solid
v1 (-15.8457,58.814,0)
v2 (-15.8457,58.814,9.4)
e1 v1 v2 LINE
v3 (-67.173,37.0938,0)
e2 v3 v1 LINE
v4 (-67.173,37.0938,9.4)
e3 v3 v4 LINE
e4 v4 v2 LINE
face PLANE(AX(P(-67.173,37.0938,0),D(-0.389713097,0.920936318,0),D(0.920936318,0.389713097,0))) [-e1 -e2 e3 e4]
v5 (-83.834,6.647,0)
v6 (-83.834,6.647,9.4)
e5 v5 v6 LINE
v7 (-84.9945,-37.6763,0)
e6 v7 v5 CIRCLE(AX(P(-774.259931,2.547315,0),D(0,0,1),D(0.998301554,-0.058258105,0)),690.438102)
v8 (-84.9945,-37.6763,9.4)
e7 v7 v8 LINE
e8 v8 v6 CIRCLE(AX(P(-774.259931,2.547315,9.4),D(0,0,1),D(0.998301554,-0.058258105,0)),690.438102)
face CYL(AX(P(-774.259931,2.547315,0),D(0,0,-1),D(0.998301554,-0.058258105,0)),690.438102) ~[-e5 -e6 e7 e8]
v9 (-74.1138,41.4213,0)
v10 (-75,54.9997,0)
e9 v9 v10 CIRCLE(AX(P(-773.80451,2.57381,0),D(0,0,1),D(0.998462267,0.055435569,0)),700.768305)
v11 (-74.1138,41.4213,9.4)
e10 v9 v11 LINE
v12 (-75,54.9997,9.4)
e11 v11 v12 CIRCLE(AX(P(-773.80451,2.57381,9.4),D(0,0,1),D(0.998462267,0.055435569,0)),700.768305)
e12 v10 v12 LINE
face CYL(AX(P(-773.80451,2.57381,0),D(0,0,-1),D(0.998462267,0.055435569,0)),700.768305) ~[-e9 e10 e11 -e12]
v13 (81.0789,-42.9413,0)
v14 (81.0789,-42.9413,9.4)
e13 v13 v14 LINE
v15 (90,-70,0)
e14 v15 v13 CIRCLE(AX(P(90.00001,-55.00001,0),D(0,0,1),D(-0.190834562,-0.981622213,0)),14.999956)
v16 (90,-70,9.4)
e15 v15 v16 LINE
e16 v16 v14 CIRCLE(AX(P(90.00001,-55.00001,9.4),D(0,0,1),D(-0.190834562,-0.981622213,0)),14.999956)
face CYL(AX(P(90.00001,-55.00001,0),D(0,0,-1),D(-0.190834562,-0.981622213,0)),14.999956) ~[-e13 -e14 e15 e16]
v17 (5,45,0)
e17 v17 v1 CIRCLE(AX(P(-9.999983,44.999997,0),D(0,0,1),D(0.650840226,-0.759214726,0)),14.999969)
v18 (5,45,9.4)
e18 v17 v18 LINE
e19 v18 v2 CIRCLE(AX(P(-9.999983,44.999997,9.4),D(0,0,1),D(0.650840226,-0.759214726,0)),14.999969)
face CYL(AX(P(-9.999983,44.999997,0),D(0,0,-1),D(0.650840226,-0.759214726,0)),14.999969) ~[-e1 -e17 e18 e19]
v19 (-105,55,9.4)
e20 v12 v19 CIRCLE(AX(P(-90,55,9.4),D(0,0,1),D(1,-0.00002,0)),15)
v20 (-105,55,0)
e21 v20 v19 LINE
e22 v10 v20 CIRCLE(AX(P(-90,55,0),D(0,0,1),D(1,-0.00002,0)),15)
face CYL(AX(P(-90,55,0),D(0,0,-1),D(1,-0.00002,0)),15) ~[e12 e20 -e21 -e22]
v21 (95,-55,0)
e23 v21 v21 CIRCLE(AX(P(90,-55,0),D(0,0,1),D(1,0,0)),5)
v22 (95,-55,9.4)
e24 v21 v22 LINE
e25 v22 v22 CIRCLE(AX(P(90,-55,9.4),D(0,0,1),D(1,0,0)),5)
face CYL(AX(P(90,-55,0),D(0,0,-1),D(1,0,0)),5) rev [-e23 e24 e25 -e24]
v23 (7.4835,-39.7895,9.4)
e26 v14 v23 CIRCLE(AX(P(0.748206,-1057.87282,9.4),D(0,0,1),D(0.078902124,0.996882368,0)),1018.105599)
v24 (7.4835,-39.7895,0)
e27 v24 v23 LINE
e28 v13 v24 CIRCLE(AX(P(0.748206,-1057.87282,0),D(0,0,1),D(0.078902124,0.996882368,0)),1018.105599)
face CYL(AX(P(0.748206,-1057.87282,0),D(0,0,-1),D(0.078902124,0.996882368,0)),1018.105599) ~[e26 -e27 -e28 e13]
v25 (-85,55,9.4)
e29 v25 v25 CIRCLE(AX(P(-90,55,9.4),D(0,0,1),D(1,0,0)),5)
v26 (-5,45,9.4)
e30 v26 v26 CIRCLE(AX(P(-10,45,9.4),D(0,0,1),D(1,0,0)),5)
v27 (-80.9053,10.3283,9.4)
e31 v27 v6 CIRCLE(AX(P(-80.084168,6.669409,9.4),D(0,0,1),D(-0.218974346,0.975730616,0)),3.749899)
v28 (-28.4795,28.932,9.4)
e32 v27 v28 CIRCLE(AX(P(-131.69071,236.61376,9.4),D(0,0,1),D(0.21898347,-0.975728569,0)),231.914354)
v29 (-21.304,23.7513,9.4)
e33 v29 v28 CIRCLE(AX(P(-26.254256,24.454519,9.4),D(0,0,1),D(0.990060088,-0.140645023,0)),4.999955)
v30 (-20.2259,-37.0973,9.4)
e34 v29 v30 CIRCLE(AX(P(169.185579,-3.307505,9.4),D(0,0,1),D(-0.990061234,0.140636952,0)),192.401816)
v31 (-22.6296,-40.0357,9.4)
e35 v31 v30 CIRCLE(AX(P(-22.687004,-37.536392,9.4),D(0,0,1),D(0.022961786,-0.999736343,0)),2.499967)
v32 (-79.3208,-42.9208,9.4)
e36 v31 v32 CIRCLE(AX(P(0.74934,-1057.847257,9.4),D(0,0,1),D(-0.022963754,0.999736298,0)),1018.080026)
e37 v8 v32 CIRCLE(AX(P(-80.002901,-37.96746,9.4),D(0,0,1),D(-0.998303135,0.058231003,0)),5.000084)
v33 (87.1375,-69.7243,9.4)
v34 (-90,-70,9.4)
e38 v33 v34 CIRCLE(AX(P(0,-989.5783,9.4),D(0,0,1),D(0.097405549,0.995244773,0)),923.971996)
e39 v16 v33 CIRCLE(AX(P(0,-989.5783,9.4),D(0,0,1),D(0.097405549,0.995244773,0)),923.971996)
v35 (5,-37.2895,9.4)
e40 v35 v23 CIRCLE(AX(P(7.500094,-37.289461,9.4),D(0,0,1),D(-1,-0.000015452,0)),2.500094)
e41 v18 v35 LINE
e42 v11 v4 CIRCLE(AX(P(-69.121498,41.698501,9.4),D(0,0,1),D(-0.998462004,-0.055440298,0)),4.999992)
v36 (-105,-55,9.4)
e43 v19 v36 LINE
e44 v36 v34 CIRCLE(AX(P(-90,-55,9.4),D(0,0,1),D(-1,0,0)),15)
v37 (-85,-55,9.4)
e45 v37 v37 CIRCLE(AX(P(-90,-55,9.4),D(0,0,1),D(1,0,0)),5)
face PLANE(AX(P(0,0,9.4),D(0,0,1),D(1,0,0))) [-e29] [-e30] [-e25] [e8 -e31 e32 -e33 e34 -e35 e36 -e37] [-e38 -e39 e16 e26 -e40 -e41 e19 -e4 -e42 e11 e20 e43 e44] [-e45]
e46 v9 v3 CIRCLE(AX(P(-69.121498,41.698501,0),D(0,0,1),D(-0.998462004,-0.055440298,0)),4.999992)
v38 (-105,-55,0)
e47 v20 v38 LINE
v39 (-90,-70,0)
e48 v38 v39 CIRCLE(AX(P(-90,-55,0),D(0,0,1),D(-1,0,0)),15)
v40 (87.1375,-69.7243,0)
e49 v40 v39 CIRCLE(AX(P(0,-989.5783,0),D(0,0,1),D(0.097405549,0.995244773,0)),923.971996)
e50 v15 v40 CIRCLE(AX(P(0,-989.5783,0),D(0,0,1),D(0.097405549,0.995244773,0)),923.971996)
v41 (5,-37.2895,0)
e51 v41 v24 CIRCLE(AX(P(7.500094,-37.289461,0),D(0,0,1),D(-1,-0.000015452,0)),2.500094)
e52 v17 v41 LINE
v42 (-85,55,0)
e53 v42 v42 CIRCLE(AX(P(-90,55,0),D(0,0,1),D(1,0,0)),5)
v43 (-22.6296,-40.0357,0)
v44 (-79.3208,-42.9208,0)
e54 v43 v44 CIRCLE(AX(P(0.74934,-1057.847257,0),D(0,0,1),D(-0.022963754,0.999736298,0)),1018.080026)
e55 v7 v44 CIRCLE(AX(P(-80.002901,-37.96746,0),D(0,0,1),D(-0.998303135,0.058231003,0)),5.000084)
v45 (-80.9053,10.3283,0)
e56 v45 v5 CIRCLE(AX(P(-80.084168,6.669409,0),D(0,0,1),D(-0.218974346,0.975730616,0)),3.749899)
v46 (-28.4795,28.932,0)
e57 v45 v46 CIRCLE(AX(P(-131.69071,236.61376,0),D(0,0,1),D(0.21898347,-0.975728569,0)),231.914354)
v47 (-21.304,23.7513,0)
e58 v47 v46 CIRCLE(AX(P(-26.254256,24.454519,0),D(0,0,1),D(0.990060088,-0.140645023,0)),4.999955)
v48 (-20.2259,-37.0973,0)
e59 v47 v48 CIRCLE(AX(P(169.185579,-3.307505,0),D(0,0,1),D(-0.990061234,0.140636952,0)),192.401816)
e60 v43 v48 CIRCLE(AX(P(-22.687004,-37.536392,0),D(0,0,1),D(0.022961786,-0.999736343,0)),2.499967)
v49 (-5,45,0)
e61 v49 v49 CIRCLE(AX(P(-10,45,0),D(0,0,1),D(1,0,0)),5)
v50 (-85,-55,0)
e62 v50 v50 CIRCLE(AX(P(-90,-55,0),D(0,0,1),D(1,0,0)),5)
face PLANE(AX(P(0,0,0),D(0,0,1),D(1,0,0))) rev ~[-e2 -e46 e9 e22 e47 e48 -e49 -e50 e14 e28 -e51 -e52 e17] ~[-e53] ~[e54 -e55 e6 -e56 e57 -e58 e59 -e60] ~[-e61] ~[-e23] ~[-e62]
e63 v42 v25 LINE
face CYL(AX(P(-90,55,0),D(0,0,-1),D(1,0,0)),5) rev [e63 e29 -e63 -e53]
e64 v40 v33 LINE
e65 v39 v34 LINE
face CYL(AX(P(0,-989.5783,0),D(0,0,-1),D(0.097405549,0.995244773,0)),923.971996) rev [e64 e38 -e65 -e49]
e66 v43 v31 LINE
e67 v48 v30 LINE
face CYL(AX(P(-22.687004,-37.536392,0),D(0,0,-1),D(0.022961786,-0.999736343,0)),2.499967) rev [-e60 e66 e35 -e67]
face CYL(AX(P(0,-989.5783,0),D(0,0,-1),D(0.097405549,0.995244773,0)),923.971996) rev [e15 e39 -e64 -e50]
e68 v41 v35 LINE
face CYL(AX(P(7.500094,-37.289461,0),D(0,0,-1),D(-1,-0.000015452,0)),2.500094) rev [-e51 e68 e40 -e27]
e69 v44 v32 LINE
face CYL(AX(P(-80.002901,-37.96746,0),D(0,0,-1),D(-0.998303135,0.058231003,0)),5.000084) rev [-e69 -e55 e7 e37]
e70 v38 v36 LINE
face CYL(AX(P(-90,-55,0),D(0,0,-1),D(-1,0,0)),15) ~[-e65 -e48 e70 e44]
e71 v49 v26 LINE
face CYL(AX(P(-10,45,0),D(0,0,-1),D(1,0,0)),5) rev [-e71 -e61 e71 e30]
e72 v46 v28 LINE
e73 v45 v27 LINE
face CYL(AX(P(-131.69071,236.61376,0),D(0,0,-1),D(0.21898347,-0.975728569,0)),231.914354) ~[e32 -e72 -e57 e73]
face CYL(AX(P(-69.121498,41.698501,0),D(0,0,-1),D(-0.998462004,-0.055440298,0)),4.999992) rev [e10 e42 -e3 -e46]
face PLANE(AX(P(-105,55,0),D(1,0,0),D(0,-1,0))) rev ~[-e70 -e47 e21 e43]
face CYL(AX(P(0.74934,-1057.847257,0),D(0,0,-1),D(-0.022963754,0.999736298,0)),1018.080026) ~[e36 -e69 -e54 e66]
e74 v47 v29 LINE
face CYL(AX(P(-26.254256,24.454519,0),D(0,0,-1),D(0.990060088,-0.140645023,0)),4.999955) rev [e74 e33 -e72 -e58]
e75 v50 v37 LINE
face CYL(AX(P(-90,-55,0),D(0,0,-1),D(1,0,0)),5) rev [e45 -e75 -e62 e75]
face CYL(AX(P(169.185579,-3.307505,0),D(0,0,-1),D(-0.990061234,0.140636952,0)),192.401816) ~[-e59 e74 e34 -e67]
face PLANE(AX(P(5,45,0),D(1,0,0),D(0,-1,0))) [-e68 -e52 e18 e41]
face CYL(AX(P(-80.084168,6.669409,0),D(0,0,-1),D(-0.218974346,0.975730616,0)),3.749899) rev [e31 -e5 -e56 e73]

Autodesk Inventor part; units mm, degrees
ref_plane "YZ Plane" through (0, 0, 0) normal (1, 0, 0) x (0, 1, 0)
ref_plane "XZ Plane" through (0, 0, 0) normal (0, 1, 0) x (-1, 0, 0)
ref_plane "XY Plane" through (0, 0, 0) normal (0, 0, 1) x (1, 0, 0)
sketch "Sketch1" plane through (0, 0, 0) normal (0, 0, 1) x (1, 0, 0)
  line L0 (-110, 70) -> (110, 70) construction
  line L1 (110, 70) -> (110, -70) construction
  line L2 (110, -70) -> (-110, -70) construction
  line L3 (-110, -70) -> (-110, 70) construction
  circle A0 centre (-90, 55) radius 5
  circle A1 centre (-90, -55) radius 5
  circle A2 centre (90, -55) radius 5
  circle A3 centre (-10, 45) radius 5
  line L4 (-67, 0) -> (-42, 0) construction
  line L5 (-42, 0) -> (-42, -30) construction
  line L6 (-42, -30) -> (-67, -30) construction
  line L7 (-67, -30) -> (-67, 0) construction
  circle A4 centre (-54.5, -11) radius 10 construction
  circle A5 centre (-63.5044, -24.4163) radius 3 construction
  circle A6 centre (-57.3559, -26.4695) radius 3 construction
  circle A7 centre (-51.263, -24.6531) radius 3 construction
  circle A8 centre (-45.3418, -26.5938) radius 3 construction
  arc A9 (-75, 54.9997) -> (-105, 55) centre (-90, 55) ccw
  arc A10 (-105, -55) -> (-90, -70) centre (-90, -55) ccw
  line L8 (-105, 55) -> (-105, -55)
  line L9 (-67.173, 37.0938) -> (-15.8457, 58.814)
  arc A11 (-80.9053, 10.3283) -> (-28.4795, 28.932) centre (-131.69, 236.6113) ccw
  arc A12 (-84.9945, -37.6763) -> (-83.834, 6.647) centre (-774.2501, 2.5469) ccw
  arc A13 (-74.1138, 41.4213) -> (-75, 54.9997) centre (-774.2501, 2.5469) ccw
  arc A14 (-74.1138, 41.4213) -> (-67.173, 37.0938) centre (-69.1215, 41.6985) ccw
  arc A15 (-80.9053, 10.3283) -> (-83.834, 6.647) centre (-80.0841, 6.6693) ccw
  arc A16 (-84.9945, -37.6763) -> (-79.3208, -42.9208) centre (-80.003, -37.9675) ccw
  arc A17 (-0.2374, 33.6118) -> (-15.8457, 58.814) centre (-10, 45) ccw
  arc A18 (87.1375, -69.7243) -> (81.0789, -42.9413) centre (90, -55) ccw
  arc A19 (90, -70) -> (-90, -70) centre (0, -989.5783) ccw
  line L10 (5, 45) -> (5, -37.2895)
  arc A20 (-21.304, 23.7513) -> (-20.2259, -37.0973) centre (169.1855, -3.3075) ccw
  line L11 (-19.6904, 33.6118) -> (-19.6904, -39.9724) construction
  line L12 (-19.6904, 33.6118) -> (53.8938, 33.6118) construction
  arc A21 (-21.304, 23.7513) -> (-28.4795, 28.932) centre (-26.2543, 24.4545) ccw
  arc A22 (-22.6296, -40.0357) -> (-20.2259, -37.0973) centre (-22.687, -37.5364) ccw
  arc A23 (5, -37.2895) -> (7.4835, -39.7895) centre (7.5, -37.2895) ccw
  arc A24 (81.0789, -42.9413) -> (7.4835, -39.7895) centre (0.7495, -1057.8516) ccw
  arc A25 (-22.6296, -40.0357) -> (-79.3208, -42.9208) centre (0.7495, -1057.8516) ccw
  point P0 (0, 0)
  point P1 (90, -70)
  dimension "d1" = 70
  dimension "d2" = 70
  dimension "d3" = 110
  dimension "d4" = 110
  dimension "d5" = 10
  dimension "d6" = 10
  dimension "d7" = 10
  dimension "d8" = 10
  dimension "d9" = 55
  dimension "d10" = 55
  dimension "d11" = 55
  dimension "d12" = 180
  dimension "d13" = 90
  dimension "d14" = 90
  dimension "d15" = 10
  dimension "d16" = 45
  dimension "d17" = 42
  dimension "d18" = 30
  dimension "d19" = 0
  dimension "d20" = 25
  dimension "d21" = 20
  dimension "d22" = 6
  dimension "d23" = 6
  dimension "d24" = 6
  dimension "d25" = 11
  dimension "d26" = 12.5
  dimension "d27" = 6
  dimension "d50" = 30
  dimension "d51" = 30
  dimension "d53" = 10
  dimension "d54" = 7.5
  dimension "d58" = 10
  dimension "d59" = 30
  dimension "d60" = 30
  dimension "d61" = 90
  dimension "d62" = 10
  dimension "d63" = 5
  dimension "d64" = 5
extrude "Extrusion5" add sketch "Sketch1" along normal blind 9.4 contours A13 A14 L9 A17 L10 A23 A24 A18 A19 A10 L8 A9
equation "\"d1\" = d2"
equation "\"d4\" = d3"
equation "\"d10\" = d9"
equation "\"d11\" = d9"
equation "\"d14\" = d13"
equation "\"d26\" = 0.5 * d20"
properties part number "Bracket Concept MK7"
